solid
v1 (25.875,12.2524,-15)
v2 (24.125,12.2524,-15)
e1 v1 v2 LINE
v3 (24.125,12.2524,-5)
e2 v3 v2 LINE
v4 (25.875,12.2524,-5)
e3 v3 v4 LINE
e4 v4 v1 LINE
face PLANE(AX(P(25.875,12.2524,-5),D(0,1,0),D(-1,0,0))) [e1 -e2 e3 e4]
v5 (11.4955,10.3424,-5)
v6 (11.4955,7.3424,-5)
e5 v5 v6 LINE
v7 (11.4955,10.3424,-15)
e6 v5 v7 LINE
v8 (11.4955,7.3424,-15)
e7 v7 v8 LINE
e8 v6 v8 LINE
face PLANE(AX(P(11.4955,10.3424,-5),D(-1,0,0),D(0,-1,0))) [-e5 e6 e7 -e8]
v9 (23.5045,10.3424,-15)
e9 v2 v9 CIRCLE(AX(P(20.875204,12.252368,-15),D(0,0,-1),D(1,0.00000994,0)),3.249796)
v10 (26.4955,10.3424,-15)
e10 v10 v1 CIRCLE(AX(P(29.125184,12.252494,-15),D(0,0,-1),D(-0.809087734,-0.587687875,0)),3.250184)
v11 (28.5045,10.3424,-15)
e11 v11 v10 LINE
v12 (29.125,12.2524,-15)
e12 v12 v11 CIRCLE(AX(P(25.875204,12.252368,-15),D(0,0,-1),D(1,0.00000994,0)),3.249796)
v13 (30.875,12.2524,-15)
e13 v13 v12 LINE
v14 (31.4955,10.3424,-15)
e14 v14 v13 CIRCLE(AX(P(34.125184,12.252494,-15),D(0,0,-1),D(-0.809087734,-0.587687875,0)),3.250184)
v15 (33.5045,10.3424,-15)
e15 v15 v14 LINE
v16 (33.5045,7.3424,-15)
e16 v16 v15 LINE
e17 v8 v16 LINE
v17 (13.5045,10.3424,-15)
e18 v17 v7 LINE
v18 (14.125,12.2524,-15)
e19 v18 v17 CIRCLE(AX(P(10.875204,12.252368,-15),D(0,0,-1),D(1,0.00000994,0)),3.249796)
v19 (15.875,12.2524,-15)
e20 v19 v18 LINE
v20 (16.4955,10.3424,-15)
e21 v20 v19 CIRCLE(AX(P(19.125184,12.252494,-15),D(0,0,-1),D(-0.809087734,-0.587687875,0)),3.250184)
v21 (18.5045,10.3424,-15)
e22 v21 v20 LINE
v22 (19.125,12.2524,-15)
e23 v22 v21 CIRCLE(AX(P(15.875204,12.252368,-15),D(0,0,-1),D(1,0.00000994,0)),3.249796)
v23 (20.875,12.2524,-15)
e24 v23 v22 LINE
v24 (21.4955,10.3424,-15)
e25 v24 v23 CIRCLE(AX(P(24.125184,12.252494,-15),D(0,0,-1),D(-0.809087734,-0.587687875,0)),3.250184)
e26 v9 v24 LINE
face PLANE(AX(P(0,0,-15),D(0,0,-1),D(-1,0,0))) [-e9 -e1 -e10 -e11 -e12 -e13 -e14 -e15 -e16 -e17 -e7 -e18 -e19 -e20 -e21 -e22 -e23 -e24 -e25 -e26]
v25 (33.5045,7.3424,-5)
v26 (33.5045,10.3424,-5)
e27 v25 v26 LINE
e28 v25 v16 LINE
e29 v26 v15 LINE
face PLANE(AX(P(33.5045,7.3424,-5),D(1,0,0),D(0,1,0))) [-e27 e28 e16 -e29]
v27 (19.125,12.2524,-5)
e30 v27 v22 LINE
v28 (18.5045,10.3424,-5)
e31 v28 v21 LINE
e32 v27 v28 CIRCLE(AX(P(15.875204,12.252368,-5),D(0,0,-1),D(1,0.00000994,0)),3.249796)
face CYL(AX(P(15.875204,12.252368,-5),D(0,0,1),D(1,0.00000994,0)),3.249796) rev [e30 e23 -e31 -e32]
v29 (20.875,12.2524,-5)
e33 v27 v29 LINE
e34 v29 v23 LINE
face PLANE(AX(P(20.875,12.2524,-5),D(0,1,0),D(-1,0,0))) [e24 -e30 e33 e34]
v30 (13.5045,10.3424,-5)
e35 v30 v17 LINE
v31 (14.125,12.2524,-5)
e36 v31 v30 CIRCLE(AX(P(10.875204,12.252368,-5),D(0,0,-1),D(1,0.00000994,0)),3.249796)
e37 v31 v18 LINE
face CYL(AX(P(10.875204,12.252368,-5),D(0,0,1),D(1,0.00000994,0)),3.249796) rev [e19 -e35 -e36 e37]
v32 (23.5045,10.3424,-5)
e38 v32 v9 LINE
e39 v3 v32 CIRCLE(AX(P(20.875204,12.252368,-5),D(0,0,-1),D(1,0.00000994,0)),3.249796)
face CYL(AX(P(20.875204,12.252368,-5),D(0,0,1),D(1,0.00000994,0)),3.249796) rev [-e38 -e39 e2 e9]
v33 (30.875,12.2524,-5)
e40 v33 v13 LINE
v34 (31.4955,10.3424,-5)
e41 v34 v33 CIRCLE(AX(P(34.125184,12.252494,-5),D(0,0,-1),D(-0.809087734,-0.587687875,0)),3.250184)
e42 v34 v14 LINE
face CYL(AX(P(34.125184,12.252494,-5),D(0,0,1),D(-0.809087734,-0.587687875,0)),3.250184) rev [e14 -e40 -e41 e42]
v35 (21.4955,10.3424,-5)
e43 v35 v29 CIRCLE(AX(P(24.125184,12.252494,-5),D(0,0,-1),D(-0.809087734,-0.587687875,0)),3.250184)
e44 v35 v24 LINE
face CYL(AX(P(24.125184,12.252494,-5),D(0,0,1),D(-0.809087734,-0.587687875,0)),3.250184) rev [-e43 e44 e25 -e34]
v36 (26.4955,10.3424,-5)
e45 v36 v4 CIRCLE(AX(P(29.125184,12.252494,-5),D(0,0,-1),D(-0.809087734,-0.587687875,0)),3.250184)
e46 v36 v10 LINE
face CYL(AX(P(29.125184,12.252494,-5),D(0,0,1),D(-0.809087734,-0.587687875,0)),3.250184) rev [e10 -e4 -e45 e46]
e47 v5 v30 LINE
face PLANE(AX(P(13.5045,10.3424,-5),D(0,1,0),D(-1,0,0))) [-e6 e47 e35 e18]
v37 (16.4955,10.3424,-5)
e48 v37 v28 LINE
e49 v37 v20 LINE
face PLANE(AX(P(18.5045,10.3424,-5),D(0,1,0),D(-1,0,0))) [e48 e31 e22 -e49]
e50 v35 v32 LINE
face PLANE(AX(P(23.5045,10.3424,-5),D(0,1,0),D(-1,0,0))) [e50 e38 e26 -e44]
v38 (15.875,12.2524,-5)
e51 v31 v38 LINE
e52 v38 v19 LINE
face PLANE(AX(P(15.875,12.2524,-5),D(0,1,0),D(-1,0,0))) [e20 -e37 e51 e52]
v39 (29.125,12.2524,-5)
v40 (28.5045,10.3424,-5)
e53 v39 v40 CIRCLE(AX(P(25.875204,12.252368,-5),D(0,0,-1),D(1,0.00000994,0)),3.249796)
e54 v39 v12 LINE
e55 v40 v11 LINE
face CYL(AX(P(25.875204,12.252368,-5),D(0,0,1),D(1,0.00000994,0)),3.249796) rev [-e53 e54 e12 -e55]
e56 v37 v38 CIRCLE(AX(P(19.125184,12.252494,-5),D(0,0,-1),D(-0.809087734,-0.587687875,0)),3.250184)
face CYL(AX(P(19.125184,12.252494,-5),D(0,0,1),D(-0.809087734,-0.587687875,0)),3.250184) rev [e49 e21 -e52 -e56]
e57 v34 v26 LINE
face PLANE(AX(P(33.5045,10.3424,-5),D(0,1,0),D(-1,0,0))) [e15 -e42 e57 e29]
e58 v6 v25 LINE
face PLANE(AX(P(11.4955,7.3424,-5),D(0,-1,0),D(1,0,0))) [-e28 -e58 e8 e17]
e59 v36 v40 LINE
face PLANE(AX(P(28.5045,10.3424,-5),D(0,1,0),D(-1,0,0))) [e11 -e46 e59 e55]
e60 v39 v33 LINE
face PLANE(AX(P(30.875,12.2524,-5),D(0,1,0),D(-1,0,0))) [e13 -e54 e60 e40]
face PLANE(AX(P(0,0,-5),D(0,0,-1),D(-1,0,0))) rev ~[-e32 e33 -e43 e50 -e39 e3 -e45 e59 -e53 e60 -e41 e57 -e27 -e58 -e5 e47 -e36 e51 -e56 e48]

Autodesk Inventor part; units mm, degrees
sketch "Sketch_1" plane through (0, 0, 0) normal (0, 0, 1) x (1, 0, 0)
  line L0 (10, 12.2524) -> (10.875, 12.2524)
  arc A0 (10.875, 12.2524) -> (11.4955, 10.3424) centre (14.125, 12.2524) ccw
  line L1 (11.4955, 10.3424) -> (13.5045, 10.3424)
  arc A1 (13.5045, 10.3424) -> (14.125, 12.2524) centre (10.875, 12.2524) ccw
  line L2 (14.125, 12.2524) -> (15.875, 12.2524)
  arc A2 (15.875, 12.2524) -> (16.4955, 10.3424) centre (19.125, 12.2524) ccw
  line L3 (16.4955, 10.3424) -> (18.5045, 10.3424)
  arc A3 (18.5045, 10.3424) -> (19.125, 12.2524) centre (15.875, 12.2524) ccw
  line L4 (19.125, 12.2524) -> (20.875, 12.2524)
  arc A4 (20.875, 12.2524) -> (21.4955, 10.3424) centre (24.125, 12.2524) ccw
  line L5 (21.4955, 10.3424) -> (23.5045, 10.3424)
  arc A5 (23.5045, 10.3424) -> (24.125, 12.2524) centre (20.875, 12.2524) ccw
  line L6 (24.125, 12.2524) -> (25.875, 12.2524)
  arc A6 (25.875, 12.2524) -> (26.4955, 10.3424) centre (29.125, 12.2524) ccw
  line L7 (26.4955, 10.3424) -> (28.5045, 10.3424)
  arc A7 (28.5045, 10.3424) -> (29.125, 12.2524) centre (25.875, 12.2524) ccw
  line L8 (29.125, 12.2524) -> (30.875, 12.2524)
  arc A8 (30.875, 12.2524) -> (31.4955, 10.3424) centre (34.125, 12.2524) ccw
  line L9 (31.4955, 10.3424) -> (33.5045, 10.3424)
  arc A9 (33.5045, 10.3424) -> (34.125, 12.2524) centre (30.875, 12.2524) ccw
  line L10 (34.125, 12.2524) -> (35, 12.2524)
  line L11 (35, 12.2524) -> (35, 13.7524)
  line L12 (35, 13.7524) -> (10, 13.7524)
  line L13 (10, 13.7524) -> (10, 12.2524)
extrude "Extrusion1" add sketch "Sketch_1" along normal mid plane 10
sketch "Sketch_2" plane through (0, 0, 0) normal (0, 0, 1) x (1, 0, 0)
  arc A0 (0, 13.7524) -> (0, -13.7524) centre (0, 0) ccw
  line L0 (0, -13.7524) -> (260, -13.7524)
  arc A1 (260, -13.7524) -> (260, 13.7524) centre (260, 0) ccw
  line L1 (260, 13.7524) -> (0, 13.7524)
  arc A2 (0, 12.2524) -> (0, -12.2524) centre (0, 0) ccw
  line L2 (0, -12.2524) -> (260, -12.2524)
  arc A3 (260, -12.2524) -> (260, 12.2524) centre (260, 0) ccw
  line L3 (260, 12.2524) -> (0, 12.2524)
extrude "Extrusion2" add sketch "Sketch_2" along normal mid plane 10
ref_plane "C1_XY" through (0, 0, 0) normal (0, 0, 1) x (1, 0, 0)
ref_plane "C1_YZ" through (0, 0, 0) normal (1, 0, 0) x (0, 1, 0)
ref_plane "C1_ZX" through (0, 0, 0) normal (0, 1, 0) x (0, 0, 1)
sketch "スケッチ3" plane through (0, 0, -5) normal (0, 0, -1) x (-1, 0, 0)
  line L0 (-33.5045, 12.2524) -> (-11.4955, 12.2524)
  line L1 (-11.4955, 12.2524) -> (-11.4955, 7.3424)
  line L2 (-11.4955, 7.3424) -> (-33.5045, 7.3424)
  line L3 (-33.5045, 7.3424) -> (-33.5045, 12.2524)
  line L4 (-33.5045, 10.3424) -> (-31.4955, 10.3424) projected
  line L5 (-30.71, 12.2524) -> (-29.125, 12.2524) projected
  arc A0 (-29.125, 12.2524) -> (-28.5045, 10.3424) centre (-25.875, 12.2524) ccw projected
  line L6 (-28.5045, 10.3424) -> (-26.4955, 10.3424) projected
  arc A1 (-26.4955, 10.3424) -> (-25.875, 12.2524) centre (-29.125, 12.2524) ccw projected
  line L7 (-25.875, 12.2524) -> (-24.125, 12.2524) projected
  arc A2 (-24.125, 12.2524) -> (-23.5045, 10.3424) centre (-20.875, 12.2524) ccw projected
  line L8 (-23.5045, 10.3424) -> (-21.4955, 10.3424) projected
  arc A3 (-21.4955, 10.3424) -> (-20.875, 12.2524) centre (-24.125, 12.2524) ccw projected
  line L9 (-20.875, 12.2524) -> (-19.125, 12.2524) projected
  arc A4 (-19.125, 12.2524) -> (-18.5045, 10.3424) centre (-15.875, 12.2524) ccw projected
  line L10 (-18.5045, 10.3424) -> (-16.4955, 10.3424) projected
  arc A5 (-16.4955, 10.3424) -> (-15.875, 12.2524) centre (-19.125, 12.2524) ccw projected
  line L11 (-15.875, 12.2524) -> (-14.125, 12.2524) projected
  line L12 (-13.5045, 10.3424) -> (-11.4955, 10.3424) projected
  arc A6 (-31.4955, 10.3424) -> (-30.875, 12.2524) centre (-34.125, 12.2524) ccw projected
  arc A7 (-34.125, 12.2524) -> (-33.5045, 10.3424) centre (-30.875, 12.2524) ccw projected
  arc A8 (-14.125, 12.2524) -> (-13.5045, 10.3424) centre (-10.875, 12.2524) ccw projected
  arc A9 (-11.4955, 10.3424) -> (-10.875, 12.2524) centre (-14.125, 12.2524) ccw projected
  point P0 (0, 0)
  point P1 (-30.71, 12.2472)
  point P2 (-15.875, 12.2524)
  point P3 (-20.875, 12.2524)
  point P4 (-25.875, 12.2524)
  point P5 (-30.875, 12.2524)
  dimension "d4" = 3
extrude "押し出し3" add sketch "スケッチ3" along normal blind 10 contours L0 A0 L6 A1 A2 L8 A3 A4 L10 A5 A8 L12 L1 L2 L3 L4 A6
sketch "スケッチ4" plane through (0, 13.7524, 5) normal (0, 1, 0) x (1, 0, 0)
  line L0 (-13.7524, 0) -> (0, 0) projected
  line L1 (273.7524, 10) -> (260, 10) projected
  line L2 (-13.7524, 0) -> (273.7524, 0)
  line L3 (273.7524, 0) -> (273.7524, 10)
  line L4 (273.7524, 10) -> (-13.7524, 10)
  line L5 (-13.7524, 10) -> (-13.7524, 0)
  point P0 (0, 5)
extrude "押し出し4" cut sketch "スケッチ4" against normal through all
properties part number "HTBN600S5M-100_info-1-16-16" material "ABS プラスチック"
